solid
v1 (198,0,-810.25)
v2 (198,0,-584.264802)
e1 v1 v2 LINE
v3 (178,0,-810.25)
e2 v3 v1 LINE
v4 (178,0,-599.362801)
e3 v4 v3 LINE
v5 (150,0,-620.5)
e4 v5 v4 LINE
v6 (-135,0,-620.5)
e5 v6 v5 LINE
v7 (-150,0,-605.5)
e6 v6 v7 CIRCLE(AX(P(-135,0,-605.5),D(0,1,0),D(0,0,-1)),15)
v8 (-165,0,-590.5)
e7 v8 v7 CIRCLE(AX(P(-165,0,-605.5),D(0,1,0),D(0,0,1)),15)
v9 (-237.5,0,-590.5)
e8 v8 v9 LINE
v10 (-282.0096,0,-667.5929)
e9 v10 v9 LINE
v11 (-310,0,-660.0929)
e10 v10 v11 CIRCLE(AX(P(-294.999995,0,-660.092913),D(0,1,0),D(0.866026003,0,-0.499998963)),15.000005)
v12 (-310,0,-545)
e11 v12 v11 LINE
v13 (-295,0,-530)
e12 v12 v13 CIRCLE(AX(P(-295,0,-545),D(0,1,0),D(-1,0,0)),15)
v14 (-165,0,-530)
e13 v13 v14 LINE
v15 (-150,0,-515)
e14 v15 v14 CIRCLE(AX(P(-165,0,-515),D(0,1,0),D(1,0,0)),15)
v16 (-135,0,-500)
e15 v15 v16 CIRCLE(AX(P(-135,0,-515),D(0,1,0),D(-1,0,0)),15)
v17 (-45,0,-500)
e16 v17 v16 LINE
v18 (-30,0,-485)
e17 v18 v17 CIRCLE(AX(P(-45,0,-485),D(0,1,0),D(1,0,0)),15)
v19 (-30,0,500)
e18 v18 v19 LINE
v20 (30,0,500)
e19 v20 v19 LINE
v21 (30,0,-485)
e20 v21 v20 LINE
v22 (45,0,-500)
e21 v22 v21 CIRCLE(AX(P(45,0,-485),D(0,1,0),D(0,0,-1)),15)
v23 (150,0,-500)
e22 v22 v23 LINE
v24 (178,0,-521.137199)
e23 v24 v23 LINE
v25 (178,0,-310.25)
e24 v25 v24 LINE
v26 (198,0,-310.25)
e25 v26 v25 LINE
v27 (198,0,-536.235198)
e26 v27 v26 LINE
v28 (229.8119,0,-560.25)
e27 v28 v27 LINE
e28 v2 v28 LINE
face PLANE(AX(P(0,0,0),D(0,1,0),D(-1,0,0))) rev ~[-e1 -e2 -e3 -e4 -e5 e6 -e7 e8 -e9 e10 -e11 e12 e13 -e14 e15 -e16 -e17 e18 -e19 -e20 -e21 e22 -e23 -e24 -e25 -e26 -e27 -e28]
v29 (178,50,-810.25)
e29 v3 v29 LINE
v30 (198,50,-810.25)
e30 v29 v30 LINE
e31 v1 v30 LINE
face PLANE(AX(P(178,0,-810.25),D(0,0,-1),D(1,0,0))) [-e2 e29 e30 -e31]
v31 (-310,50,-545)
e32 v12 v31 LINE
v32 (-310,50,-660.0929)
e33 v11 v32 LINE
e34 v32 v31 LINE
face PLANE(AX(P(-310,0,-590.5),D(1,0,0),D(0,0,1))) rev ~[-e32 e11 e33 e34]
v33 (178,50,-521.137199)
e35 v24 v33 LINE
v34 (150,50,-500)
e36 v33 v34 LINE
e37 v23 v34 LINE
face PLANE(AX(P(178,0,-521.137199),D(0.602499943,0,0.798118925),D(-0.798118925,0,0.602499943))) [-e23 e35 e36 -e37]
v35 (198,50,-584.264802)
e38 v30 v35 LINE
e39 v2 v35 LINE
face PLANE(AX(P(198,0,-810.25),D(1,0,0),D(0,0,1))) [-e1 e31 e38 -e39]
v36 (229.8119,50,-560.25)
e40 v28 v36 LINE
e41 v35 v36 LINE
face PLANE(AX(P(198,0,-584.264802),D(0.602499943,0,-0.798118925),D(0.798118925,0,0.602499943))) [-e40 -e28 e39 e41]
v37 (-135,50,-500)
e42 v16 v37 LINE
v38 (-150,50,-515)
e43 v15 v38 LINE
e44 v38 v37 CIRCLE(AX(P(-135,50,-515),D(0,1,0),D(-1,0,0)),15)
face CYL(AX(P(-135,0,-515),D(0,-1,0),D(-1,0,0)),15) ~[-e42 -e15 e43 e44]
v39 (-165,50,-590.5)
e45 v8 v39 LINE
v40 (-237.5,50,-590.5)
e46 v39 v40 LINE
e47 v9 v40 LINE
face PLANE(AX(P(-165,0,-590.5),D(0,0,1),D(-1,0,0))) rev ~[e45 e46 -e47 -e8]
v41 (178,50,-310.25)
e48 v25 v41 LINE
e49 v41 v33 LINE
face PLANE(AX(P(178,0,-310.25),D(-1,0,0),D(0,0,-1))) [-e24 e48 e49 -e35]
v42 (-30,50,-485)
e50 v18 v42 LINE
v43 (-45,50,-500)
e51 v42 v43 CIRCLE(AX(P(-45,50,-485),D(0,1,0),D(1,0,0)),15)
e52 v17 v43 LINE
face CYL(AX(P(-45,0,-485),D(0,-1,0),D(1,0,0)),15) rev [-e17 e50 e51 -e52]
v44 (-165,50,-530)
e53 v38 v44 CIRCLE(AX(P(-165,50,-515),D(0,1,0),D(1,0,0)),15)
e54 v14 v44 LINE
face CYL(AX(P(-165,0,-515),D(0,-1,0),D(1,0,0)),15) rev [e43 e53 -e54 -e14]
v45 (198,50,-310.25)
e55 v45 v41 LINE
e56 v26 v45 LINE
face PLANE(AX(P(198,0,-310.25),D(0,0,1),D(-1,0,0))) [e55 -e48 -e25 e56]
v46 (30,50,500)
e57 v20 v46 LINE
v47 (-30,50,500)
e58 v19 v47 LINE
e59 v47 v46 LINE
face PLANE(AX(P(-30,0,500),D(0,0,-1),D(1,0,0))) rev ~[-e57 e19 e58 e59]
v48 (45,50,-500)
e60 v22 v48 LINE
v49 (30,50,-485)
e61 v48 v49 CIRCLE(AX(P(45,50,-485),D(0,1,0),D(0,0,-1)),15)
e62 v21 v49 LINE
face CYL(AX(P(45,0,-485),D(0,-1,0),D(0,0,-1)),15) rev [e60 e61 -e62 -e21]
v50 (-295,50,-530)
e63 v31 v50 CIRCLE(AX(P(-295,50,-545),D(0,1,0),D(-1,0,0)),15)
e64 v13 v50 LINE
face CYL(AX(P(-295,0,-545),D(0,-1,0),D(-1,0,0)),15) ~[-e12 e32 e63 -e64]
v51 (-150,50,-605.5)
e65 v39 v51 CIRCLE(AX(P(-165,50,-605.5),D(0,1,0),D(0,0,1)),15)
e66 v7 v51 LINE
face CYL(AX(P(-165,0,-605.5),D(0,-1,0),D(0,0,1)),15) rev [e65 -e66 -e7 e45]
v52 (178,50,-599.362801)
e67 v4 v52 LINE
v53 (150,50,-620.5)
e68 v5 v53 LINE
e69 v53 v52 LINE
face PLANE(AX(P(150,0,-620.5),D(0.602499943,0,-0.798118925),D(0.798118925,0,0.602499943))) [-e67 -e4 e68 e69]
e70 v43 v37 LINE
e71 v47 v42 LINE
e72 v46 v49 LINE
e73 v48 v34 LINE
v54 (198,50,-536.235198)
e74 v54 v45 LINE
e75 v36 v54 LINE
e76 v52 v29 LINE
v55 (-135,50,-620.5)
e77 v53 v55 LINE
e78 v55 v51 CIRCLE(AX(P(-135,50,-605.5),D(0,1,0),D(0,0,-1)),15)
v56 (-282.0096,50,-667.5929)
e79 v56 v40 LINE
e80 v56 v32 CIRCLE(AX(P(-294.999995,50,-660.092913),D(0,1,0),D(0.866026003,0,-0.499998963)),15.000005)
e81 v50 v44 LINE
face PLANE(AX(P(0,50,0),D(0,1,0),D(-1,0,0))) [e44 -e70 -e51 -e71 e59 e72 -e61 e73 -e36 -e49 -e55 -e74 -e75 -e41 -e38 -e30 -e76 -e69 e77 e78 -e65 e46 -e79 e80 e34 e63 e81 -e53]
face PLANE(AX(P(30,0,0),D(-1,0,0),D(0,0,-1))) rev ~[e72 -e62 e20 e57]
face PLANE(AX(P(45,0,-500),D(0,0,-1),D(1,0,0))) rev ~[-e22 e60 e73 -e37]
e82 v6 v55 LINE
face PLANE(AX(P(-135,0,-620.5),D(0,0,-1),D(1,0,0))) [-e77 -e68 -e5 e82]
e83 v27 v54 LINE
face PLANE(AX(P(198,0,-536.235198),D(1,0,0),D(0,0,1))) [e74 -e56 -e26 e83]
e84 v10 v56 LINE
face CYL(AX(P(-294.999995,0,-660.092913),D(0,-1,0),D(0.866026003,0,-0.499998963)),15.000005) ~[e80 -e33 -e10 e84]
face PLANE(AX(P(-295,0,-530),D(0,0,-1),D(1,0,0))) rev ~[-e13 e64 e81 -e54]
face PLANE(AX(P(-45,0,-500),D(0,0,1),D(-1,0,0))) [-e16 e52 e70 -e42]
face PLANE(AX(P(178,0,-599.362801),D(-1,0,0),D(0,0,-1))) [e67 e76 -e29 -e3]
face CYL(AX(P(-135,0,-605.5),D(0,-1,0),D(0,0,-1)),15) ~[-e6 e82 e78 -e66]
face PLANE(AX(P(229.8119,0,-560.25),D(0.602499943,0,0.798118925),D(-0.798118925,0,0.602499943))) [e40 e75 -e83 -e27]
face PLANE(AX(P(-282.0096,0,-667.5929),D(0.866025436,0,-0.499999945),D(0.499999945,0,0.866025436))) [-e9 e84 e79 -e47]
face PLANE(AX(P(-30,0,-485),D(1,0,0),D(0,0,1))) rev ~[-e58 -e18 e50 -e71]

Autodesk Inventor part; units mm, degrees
ref_plane "YZ Plane" through (0, 0, 0) normal (1, 0, 0) x (0, 1, 0)
ref_plane "XZ Plane" through (0, 0, 0) normal (0, 1, 0) x (-1, 0, 0)
ref_plane "XY Plane" through (0, 0, 0) normal (0, 0, 1) x (1, 0, 0)
sketch "Náčrt1" plane through (0, 0, 0) normal (0, 1, 0) x (-1, 0, 0)
  line L0 (30, -485) -> (30, 500)
  line L1 (30, 500) -> (-30, 500)
  line L2 (-30, 500) -> (-30, -485)
  line L3 (-338.3956, 0) -> (421.6903, 0) projected
  line L4 (0, -1072.3) -> (0, 762.05) projected
  line L5 (45, -500) -> (135, -500)
  line L6 (150, -605.5) -> (150, -605.5)
  line L7 (135, -620.5) -> (-150, -620.5)
  line L8 (-150, -620.5) -> (-150, -500)
  line L9 (-178, -810.25) -> (-198, -810.25)
  line L10 (-198, -810.25) -> (-198, -310.25)
  line L11 (-198, -310.25) -> (-178, -310.25)
  line L12 (-178, -310.25) -> (-178, -810.25)
  line L13 (-150, -620.5) -> (-229.8119, -560.25)
  line L14 (-229.8119, -560.25) -> (-150, -500)
  line L15 (165, -590.5) -> (310, -590.5)
  line L16 (310, -590.5) -> (310, -545)
  line L17 (295, -530) -> (165, -530)
  line L18 (310, -590.5) -> (310, -660.0929)
  line L19 (282.0096, -667.5929) -> (237.5, -590.5)
  arc A0 (135, -620.5) -> (150, -605.5) centre (135, -605.5) ccw
  arc A1 (165, -590.5) -> (150, -605.5) centre (165, -605.5) ccw
  line L20 (150, -515) -> (150, -515)
  arc A2 (150, -515) -> (135, -500) centre (135, -515) ccw
  arc A3 (150, -515) -> (165, -530) centre (165, -515) ccw
  arc A4 (310, -545) -> (295, -530) centre (295, -545) ccw
  arc A5 (30, -485) -> (45, -500) centre (45, -485) ccw
  line L21 (-45, -500) -> (-150, -500)
  arc A6 (-45, -500) -> (-30, -485) centre (-45, -485) ccw
  line L22 (45, -500) -> (-45, -500)
  arc A7 (282.0096, -667.5929) -> (310, -660.0929) centre (295, -660.0929) ccw
  point P0 (0, 0)
  point P1 (150, -620.5)
  point P2 (150, -500)
  point P3 (310, -530)
  point P4 (150, -530)
  point P5 (-178, -521.1372)
  point P6 (-198, -536.2352)
  point P7 (-198, -584.2648)
  point P8 (-178, -599.3628)
  dimension "d0" = 60
  dimension "d2" = 300
  dimension "d3" = 120.5
  dimension "d4" = 20
  dimension "d5" = 500
  dimension "d7" = 189.75
  dimension "d9" = 100
  dimension "d11" = 100
  dimension "d12" = 178
  dimension "d13" = 160
  dimension "d14" = 30
  dimension "d15" = 30
  dimension "d16" = 30
  dimension "d17" = 15
  dimension "d18" = 15
  dimension "d19" = 15
  dimension "d20" = 15
  dimension "d21" = 15
  dimension "d22" = 1000
  dimension "d23" = 15
extrude "Vysunutí1" add sketch "Náčrt1" along normal blind 50
properties part number "Nacrt"
